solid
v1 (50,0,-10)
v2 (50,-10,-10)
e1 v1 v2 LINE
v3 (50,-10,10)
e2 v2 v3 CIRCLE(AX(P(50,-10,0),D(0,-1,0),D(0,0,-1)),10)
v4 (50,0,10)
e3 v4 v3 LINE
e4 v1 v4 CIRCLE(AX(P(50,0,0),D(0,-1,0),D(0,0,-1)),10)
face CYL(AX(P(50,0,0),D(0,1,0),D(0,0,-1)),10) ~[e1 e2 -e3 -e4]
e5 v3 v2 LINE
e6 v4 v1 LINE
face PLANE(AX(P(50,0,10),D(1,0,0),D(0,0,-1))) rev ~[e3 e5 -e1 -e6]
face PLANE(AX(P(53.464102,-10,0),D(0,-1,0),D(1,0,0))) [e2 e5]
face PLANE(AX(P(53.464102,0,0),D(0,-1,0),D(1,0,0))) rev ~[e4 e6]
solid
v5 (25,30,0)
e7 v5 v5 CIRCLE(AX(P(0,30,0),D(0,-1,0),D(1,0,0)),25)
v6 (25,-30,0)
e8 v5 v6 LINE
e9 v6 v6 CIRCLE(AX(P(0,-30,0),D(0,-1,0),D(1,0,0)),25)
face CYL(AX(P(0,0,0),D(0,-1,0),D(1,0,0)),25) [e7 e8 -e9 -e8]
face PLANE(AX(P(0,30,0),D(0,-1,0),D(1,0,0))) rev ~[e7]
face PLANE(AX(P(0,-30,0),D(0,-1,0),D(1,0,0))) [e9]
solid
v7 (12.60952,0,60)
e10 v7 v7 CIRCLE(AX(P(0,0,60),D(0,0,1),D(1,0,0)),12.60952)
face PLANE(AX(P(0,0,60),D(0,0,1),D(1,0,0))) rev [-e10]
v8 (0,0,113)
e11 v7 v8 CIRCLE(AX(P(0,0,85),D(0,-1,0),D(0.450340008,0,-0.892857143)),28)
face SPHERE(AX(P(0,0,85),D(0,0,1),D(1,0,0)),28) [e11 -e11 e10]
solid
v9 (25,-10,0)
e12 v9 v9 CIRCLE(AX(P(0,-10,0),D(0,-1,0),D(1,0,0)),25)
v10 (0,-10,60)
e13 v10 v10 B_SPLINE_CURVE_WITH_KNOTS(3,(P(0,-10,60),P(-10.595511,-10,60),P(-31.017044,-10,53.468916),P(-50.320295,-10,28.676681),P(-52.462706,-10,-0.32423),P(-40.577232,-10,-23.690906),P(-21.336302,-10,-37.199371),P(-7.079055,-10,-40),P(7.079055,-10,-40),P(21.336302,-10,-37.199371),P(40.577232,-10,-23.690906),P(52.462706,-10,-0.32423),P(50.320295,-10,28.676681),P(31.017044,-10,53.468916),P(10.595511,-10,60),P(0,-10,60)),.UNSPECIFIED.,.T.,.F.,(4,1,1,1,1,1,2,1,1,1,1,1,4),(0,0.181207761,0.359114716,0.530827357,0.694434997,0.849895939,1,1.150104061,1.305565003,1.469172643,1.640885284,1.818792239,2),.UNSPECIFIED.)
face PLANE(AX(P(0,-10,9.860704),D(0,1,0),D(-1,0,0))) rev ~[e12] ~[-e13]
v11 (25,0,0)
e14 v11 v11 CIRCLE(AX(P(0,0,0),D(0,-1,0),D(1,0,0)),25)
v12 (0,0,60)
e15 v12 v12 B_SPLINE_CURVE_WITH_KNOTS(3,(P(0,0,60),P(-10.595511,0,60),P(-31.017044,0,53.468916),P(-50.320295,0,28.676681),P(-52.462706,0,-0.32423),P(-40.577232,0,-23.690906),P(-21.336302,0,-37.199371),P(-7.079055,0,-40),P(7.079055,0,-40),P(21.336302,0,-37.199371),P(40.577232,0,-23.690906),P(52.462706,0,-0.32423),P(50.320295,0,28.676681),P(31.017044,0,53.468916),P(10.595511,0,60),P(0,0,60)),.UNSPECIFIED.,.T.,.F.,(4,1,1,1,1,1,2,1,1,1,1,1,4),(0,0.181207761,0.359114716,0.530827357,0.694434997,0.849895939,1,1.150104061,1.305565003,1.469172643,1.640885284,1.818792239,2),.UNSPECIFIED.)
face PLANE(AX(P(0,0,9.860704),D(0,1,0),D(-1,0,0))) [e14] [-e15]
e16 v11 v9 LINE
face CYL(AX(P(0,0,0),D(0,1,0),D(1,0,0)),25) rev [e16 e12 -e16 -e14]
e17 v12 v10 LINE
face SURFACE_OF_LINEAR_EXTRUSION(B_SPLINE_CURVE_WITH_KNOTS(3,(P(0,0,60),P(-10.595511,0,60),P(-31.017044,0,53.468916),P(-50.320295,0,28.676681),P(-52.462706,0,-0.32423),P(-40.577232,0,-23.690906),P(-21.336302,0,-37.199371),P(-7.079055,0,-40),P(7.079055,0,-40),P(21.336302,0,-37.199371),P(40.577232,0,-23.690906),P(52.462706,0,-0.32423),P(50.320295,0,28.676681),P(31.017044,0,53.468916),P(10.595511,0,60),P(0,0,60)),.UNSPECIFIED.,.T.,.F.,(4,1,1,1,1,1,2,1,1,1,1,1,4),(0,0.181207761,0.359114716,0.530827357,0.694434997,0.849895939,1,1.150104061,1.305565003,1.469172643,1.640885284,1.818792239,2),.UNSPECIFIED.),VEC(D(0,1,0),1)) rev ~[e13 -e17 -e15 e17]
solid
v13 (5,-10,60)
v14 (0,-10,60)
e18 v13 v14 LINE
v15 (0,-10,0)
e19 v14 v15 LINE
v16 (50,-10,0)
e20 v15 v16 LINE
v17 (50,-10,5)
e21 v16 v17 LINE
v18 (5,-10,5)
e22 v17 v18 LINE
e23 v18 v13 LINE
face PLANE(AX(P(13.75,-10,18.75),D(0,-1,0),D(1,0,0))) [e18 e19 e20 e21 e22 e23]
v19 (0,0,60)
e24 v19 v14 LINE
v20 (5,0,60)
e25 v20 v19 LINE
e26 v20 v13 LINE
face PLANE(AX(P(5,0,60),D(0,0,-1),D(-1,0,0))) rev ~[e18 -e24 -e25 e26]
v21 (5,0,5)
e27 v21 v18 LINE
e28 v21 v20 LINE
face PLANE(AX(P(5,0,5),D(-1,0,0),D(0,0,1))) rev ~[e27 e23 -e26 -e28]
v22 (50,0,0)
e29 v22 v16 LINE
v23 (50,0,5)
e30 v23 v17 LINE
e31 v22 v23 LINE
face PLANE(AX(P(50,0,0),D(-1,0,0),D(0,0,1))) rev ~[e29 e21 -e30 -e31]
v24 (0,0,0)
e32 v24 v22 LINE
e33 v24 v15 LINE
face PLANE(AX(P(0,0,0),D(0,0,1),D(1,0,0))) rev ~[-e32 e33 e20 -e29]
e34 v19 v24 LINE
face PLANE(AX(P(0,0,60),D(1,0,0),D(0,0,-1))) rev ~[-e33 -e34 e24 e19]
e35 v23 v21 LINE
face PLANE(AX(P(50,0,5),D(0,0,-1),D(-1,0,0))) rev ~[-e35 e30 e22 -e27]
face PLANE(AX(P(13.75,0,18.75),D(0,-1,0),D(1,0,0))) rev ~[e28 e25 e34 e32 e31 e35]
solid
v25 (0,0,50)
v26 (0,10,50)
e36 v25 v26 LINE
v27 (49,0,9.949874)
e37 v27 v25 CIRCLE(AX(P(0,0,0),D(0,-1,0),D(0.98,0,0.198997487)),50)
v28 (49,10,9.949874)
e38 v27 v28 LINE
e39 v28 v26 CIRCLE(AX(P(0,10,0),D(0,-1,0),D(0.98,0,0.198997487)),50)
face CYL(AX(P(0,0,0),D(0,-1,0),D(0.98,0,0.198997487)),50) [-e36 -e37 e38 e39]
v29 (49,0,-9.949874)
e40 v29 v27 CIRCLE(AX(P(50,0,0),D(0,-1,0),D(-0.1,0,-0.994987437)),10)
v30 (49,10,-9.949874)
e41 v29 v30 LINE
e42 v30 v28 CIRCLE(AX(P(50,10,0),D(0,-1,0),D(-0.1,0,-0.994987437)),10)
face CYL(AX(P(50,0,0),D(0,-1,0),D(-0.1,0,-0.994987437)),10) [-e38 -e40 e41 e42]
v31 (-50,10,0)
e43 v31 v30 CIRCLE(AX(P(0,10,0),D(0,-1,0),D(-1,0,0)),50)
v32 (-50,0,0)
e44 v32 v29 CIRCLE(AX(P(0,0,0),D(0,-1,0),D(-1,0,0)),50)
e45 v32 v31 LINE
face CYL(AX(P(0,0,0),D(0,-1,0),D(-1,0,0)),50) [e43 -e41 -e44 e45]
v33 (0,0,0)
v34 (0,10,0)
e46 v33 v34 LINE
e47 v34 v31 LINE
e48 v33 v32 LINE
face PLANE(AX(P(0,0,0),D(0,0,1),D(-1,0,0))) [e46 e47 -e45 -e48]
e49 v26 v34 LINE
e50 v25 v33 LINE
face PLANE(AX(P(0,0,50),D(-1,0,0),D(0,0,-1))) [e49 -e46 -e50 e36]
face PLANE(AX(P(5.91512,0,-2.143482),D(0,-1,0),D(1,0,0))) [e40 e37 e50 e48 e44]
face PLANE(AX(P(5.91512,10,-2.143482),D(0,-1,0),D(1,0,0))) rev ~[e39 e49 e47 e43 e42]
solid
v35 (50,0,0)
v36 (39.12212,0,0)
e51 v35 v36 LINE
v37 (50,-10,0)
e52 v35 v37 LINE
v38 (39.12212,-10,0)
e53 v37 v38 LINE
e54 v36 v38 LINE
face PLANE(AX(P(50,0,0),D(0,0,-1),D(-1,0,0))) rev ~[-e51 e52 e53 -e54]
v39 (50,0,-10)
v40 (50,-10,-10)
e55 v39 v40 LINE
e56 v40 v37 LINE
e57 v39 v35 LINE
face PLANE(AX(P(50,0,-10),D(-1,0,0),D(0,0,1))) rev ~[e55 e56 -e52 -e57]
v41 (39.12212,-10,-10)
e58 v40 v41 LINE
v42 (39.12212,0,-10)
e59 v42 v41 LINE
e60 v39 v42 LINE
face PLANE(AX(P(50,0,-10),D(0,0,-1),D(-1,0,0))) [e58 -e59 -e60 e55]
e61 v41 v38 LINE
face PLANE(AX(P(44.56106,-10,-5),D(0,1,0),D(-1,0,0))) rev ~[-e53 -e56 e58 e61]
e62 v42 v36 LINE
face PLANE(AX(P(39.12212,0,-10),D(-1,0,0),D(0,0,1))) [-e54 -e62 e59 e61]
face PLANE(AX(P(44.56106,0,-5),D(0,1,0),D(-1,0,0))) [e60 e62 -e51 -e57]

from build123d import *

# Parameters (mm, degrees)
F1_DEPTH  = 10
F2_R      = 25
F3_DEPTH  = 10
F4_R      = 25
F5_DEPTH  = 30
F7_DEPTH  = 10
F8_W      = 10.8778804541
F8_H      = 10
F9_DEPTH  = 10
F11_DEPTH = 10


with BuildPart() as f1:
    # F0 (on Front) → F1 (new body)
    with BuildSketch(Plane.XZ):
        with BuildLine():
            ThreePointArc((49, -9.9498743711), (60, 0), (49, 9.9498743711))
            ThreePointArc((49, 9.9498743711), (31.6425842927, 38.7136521046), (0, 50))
            Line((0, 50), (0, 0))
            Line((0, 0), (-50, 0))
            ThreePointArc((-50, 0), (-5, -49.7493718553), (49, -9.9498743711))
        make_face()
    extrude(amount=-F1_DEPTH)


with BuildPart() as f3:
    # F2 (on Front) → F3 (new body)
    with BuildSketch(Plane.XZ):
        with BuildLine():
            add(Edge.make_bspline(
                [(0, 60), (10.5955112347, 60), (31.0170440376, 53.4689164463), (50.3202952678, 28.6766808515), (52.462705512, -0.3242302637), (40.5772324961, -23.6909061622), (21.336302393, -37.1993713746), (7.0790546268, -40), (0, -40)],
                knots=[0, 0, 0, 0, 0.1812077606, 0.3591147159, 0.5308273571, 0.6944349973, 0.8498959386, 1, 1, 1, 1], degree=3))
            add(Edge.make_bspline(
                [(0, 60), (-10.5955112347, 60), (-31.0170440376, 53.4689164463), (-50.3202952678, 28.6766808515), (-52.462705512, -0.3242302637), (-40.5772324961, -23.6909061622), (-21.336302393, -37.1993713746), (-7.0790546268, -40), (0, -40)],
                knots=[0, 0, 0, 0, 0.1812077606, 0.3591147159, 0.5308273571, 0.6944349973, 0.8498959386, 1, 1, 1, 1], degree=3))
        make_face()
        Circle(F2_R, mode=Mode.SUBTRACT)
    extrude(amount=F3_DEPTH)


with BuildPart() as f5:
    # F4 (on Front) → F5 (new body, symmetric)
    with BuildSketch(Plane.XZ):
        Circle(F4_R)
    extrude(amount=F5_DEPTH, both=True)


with BuildPart() as f7:
    # F6 (on face) → F7 (new body)
    with BuildSketch(Plane.XZ):
        with BuildLine():
            Line((50, 10), (50, -10))
            ThreePointArc((50, -10), (60, 0), (50, 10))
        make_face()
    extrude(amount=F7_DEPTH)


with BuildPart() as f9:
    # F8 (on face) → F9 (new body)
    with BuildSketch(Plane(origin=(0, 0, 0), x_dir=(-1, 0, 0), z_dir=(0, 1, 0))):
        with Locations((-44.561059773, -5)):
            Rectangle(F8_W, F8_H)
    extrude(amount=-F9_DEPTH)


with BuildPart() as f11:
    # F10 (on Front) → F11 (new body)
    with BuildSketch(Plane.XZ):
        Polygon((0, 60), (0, 0), (50, 0), (50, 5), (5, 5), (5, 60), align=None)
    extrude(amount=F11_DEPTH)


with BuildPart() as f13:
    # F12 (on Front) → F13 (revolve)
    with BuildSketch(Plane.XZ):
        with BuildLine():
            Line((0, 60), (12.6095202129, 60))
            ThreePointArc((12.6095202129, 60), (27.2396769438, 91.4807406984), (0, 113))
            Line((0, 113), (0, 60))
        make_face()
    revolve(axis=Axis((0, 0, 86.5), (0, 0, 1)))


solid = Compound([f1.part, f3.part, f5.part, f7.part, f9.part, f11.part, f13.part])
